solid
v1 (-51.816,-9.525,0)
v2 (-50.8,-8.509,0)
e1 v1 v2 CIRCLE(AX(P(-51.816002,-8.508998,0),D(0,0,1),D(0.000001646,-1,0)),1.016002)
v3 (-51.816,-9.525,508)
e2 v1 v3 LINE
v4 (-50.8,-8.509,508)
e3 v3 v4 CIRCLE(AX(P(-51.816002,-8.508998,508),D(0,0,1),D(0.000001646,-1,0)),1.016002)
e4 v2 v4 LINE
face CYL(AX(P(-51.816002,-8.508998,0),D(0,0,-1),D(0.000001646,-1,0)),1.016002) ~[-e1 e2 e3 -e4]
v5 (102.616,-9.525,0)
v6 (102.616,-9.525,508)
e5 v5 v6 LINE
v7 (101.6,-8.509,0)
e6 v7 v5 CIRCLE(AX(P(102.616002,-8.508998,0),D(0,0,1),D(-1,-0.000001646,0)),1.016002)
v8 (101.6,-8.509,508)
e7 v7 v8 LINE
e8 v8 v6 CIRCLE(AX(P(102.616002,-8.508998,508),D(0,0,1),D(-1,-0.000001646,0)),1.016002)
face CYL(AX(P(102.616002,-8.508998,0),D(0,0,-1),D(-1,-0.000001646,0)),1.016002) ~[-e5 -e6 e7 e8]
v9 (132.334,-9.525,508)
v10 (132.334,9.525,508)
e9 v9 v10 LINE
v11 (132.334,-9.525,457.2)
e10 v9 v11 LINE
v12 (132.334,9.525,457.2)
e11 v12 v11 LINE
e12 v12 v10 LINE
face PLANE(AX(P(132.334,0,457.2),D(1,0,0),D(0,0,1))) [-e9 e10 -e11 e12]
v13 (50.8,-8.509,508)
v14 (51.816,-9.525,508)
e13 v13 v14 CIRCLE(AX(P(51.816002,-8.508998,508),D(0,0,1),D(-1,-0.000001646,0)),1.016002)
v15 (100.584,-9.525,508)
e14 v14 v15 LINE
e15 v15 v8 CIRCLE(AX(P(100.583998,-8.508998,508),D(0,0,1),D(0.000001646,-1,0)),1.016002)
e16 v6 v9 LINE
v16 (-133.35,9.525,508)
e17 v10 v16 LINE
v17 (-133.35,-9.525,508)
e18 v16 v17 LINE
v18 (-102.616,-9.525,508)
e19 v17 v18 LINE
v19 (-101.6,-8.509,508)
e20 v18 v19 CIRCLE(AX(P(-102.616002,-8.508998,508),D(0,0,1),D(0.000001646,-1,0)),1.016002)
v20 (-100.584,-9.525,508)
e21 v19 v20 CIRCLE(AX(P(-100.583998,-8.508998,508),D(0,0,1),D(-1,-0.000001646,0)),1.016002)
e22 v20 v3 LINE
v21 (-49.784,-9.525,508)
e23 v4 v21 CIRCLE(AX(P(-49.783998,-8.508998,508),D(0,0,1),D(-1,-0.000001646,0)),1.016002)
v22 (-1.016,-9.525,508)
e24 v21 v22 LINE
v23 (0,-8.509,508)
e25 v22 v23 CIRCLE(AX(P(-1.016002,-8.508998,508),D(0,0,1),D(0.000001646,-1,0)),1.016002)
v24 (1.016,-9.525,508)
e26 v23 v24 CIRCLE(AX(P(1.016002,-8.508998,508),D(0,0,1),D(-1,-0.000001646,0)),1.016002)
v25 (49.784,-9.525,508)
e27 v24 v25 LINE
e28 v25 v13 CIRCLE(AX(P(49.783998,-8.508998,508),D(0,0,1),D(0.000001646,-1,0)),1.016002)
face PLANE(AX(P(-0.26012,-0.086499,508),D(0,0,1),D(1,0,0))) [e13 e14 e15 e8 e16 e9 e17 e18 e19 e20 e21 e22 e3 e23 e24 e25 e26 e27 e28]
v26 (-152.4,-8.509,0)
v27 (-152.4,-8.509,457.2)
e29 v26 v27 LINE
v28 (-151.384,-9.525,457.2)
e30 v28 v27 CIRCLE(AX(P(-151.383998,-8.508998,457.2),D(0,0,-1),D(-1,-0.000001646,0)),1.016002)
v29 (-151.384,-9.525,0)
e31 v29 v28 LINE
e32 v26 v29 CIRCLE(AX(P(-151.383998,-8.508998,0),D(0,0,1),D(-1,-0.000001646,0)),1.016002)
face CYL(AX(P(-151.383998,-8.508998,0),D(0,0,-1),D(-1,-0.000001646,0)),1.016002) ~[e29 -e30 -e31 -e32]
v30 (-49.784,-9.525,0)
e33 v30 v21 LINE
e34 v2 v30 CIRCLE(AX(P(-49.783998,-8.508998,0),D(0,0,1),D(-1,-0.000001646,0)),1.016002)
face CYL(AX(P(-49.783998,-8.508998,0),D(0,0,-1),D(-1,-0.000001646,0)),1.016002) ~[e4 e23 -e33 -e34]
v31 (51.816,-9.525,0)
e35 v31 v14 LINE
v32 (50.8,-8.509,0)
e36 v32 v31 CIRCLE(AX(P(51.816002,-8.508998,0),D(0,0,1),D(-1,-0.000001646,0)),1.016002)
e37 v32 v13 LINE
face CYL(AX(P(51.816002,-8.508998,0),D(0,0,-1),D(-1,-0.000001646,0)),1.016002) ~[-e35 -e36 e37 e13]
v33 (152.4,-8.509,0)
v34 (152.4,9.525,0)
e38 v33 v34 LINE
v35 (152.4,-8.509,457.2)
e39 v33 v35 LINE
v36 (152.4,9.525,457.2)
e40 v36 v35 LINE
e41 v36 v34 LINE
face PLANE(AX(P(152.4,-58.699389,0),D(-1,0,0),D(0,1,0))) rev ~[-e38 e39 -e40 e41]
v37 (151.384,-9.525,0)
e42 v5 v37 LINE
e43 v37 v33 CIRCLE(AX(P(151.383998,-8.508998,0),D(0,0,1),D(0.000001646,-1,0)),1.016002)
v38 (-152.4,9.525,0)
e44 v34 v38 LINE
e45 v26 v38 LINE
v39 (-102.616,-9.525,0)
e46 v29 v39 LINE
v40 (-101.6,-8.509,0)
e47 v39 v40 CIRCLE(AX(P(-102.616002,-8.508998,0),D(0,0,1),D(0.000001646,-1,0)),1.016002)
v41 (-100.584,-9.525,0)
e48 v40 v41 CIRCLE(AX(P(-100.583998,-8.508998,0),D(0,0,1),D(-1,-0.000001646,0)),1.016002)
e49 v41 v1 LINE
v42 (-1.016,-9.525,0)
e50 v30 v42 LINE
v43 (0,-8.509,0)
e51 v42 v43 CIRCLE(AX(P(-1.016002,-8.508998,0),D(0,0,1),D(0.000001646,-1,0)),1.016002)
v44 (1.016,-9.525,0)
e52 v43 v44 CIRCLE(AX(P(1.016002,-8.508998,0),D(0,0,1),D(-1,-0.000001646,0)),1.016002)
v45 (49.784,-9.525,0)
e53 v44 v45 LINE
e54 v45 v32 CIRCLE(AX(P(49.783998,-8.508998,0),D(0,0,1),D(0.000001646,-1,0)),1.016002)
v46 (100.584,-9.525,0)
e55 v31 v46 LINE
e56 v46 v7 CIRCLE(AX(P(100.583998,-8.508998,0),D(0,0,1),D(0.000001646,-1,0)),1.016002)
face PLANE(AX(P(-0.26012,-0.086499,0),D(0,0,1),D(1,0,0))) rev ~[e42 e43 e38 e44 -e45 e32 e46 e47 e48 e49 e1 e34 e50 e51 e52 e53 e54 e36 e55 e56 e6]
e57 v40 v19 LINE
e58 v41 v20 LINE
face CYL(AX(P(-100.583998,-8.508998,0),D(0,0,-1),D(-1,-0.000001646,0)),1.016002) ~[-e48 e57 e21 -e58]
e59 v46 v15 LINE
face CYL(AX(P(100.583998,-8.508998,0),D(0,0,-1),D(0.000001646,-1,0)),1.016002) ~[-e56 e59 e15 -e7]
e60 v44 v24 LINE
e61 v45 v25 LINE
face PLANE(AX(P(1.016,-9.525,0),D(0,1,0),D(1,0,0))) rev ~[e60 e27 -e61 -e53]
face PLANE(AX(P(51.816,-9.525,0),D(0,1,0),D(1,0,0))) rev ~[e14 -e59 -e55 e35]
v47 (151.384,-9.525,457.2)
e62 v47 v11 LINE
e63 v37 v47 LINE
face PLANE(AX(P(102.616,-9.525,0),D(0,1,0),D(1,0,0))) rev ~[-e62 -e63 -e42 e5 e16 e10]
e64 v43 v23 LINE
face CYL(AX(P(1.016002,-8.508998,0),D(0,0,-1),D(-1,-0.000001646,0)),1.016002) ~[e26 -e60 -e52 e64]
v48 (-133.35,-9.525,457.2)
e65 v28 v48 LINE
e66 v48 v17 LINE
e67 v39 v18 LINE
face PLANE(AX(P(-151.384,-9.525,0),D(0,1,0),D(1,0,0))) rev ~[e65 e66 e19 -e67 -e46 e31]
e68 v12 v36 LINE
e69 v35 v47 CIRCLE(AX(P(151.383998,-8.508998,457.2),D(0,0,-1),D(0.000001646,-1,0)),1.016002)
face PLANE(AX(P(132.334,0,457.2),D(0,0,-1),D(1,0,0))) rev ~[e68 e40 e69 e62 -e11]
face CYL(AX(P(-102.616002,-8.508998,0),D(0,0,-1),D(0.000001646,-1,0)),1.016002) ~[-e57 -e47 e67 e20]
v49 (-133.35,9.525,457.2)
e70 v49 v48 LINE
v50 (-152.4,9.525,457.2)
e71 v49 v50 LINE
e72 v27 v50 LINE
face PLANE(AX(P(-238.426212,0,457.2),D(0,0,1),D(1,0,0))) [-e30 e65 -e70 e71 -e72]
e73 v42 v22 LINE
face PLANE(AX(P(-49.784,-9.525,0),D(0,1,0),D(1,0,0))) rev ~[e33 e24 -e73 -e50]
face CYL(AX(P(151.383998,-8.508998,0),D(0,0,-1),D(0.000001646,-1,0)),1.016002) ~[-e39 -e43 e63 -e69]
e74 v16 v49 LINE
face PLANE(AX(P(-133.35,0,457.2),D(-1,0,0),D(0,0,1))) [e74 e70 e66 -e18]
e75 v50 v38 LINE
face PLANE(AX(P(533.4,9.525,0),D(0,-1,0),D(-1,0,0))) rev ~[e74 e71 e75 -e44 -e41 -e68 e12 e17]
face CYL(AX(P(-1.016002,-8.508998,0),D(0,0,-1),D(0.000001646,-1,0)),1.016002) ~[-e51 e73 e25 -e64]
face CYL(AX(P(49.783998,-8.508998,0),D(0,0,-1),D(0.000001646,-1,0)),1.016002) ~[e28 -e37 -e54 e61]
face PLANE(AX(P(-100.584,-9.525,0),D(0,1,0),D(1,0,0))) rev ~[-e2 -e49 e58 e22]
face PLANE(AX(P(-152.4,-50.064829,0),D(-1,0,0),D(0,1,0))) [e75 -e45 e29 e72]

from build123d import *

# Parameters (mm, degrees)
F1_DEPTH = 508
F2_W     = 381
F2_H     = 81.164872
F2_H_2   = 93.253256
F3_DEPTH = 508
F4_W     = 105.076212
F4_H     = 105.076222
F4_W_2   = 127
F4_H_2   = 101.6
F5_DEPTH = 12.7


with BuildPart() as f1:
    # F0 (on Top) → F1 (new body)
    with BuildSketch(Plane.XY):
        with BuildLine():
            Line((458.216, -9.525), (533.4, -9.525))
            Line((533.4, -9.525), (533.4, 9.525))
            Line((533.4, 9.525), (-533.4, 9.525))
            Line((-533.4, 9.525), (-533.4, -9.525))
            Line((-533.4, -9.525), (-509.016, -9.525))
            ThreePointArc((-509.016, -9.525), (-508.29758, -9.22742), (-508, -8.509))
            ThreePointArc((-508, -8.509), (-507.70242, -9.22742), (-506.984, -9.525))
            Line((-506.984, -9.525), (-458.216, -9.525))
            ThreePointArc((-458.216, -9.525), (-457.49758, -9.22742), (-457.2, -8.509))
            ThreePointArc((-457.2, -8.509), (-456.90242, -9.22742), (-456.184, -9.525))
            Line((-456.184, -9.525), (-407.416, -9.525))
            ThreePointArc((-407.416, -9.525), (-406.69758, -9.22742), (-406.4, -8.509))
            ThreePointArc((-406.4, -8.509), (-406.10242, -9.22742), (-405.384, -9.525))
            Line((-405.384, -9.525), (-356.616, -9.525))
            ThreePointArc((-356.616, -9.525), (-355.89758, -9.22742), (-355.6, -8.509))
            ThreePointArc((-355.6, -8.509), (-355.30242, -9.22742), (-354.584, -9.525))
            Line((-354.584, -9.525), (-305.816, -9.525))
            ThreePointArc((-305.816, -9.525), (-305.09758, -9.22742), (-304.8, -8.509))
            ThreePointArc((-304.8, -8.509), (-304.50242, -9.22742), (-303.784, -9.525))
            Line((-303.784, -9.525), (-255.016, -9.525))
            ThreePointArc((-255.016, -9.525), (-254.29758, -9.22742), (-254, -8.509))
            ThreePointArc((-254, -8.509), (-253.70242, -9.22742), (-252.984, -9.525))
            Line((-252.984, -9.525), (-204.216, -9.525))
            ThreePointArc((-204.216, -9.525), (-203.49758, -9.22742), (-203.2, -8.509))
            ThreePointArc((-203.2, -8.509), (-202.90242, -9.22742), (-202.184, -9.525))
            Line((-202.184, -9.525), (-153.416, -9.525))
            ThreePointArc((-153.416, -9.525), (-152.69758, -9.22742), (-152.4, -8.509))
            ThreePointArc((-152.4, -8.509), (-152.10242, -9.22742), (-151.384, -9.525))
            Line((-151.384, -9.525), (-102.616, -9.525))
            ThreePointArc((-102.616, -9.525), (-101.89758, -9.22742), (-101.6, -8.509))
            ThreePointArc((-101.6, -8.509), (-101.30242, -9.22742), (-100.584, -9.525))
            Line((-100.584, -9.525), (-51.816, -9.525))
            ThreePointArc((-51.816, -9.525), (-51.09758, -9.22742), (-50.8, -8.509))
            ThreePointArc((-50.8, -8.509), (-50.50242, -9.22742), (-49.784, -9.525))
            Line((-49.784, -9.525), (-1.016, -9.525))
            ThreePointArc((-1.016, -9.525), (-0.29758, -9.22742), (0, -8.509))
            ThreePointArc((0, -8.509), (0.29758, -9.22742), (1.016, -9.525))
            Line((1.016, -9.525), (49.784, -9.525))
            ThreePointArc((49.784, -9.525), (50.50242, -9.22742), (50.8, -8.509))
            ThreePointArc((50.8, -8.509), (51.09758, -9.22742), (51.816, -9.525))
            Line((51.816, -9.525), (100.584, -9.525))
            ThreePointArc((100.584, -9.525), (101.30242, -9.22742), (101.6, -8.509))
            ThreePointArc((101.6, -8.509), (101.89758, -9.22742), (102.616, -9.525))
            Line((102.616, -9.525), (151.384, -9.525))
            ThreePointArc((151.384, -9.525), (152.10242, -9.22742), (152.4, -8.509))
            ThreePointArc((152.4, -8.509), (152.69758, -9.22742), (153.416, -9.525))
            Line((153.416, -9.525), (202.184, -9.525))
            ThreePointArc((202.184, -9.525), (202.90242, -9.22742), (203.2, -8.509))
            ThreePointArc((203.2, -8.509), (203.49758, -9.22742), (204.216, -9.525))
            Line((204.216, -9.525), (252.984, -9.525))
            ThreePointArc((252.984, -9.525), (253.70242, -9.22742), (254, -8.509))
            ThreePointArc((254, -8.509), (254.29758, -9.22742), (255.016, -9.525))
            Line((255.016, -9.525), (303.784, -9.525))
            ThreePointArc((303.784, -9.525), (304.50242, -9.22742), (304.8, -8.509))
            ThreePointArc((304.8, -8.509), (305.09758, -9.22742), (305.816, -9.525))
            Line((305.816, -9.525), (354.584, -9.525))
            ThreePointArc((354.584, -9.525), (355.30242, -9.22742), (355.6, -8.509))
            ThreePointArc((355.6, -8.509), (355.89758, -9.22742), (356.616, -9.525))
            Line((356.616, -9.525), (405.384, -9.525))
            ThreePointArc((405.384, -9.525), (406.10242, -9.22742), (406.4, -8.509))
            ThreePointArc((406.4, -8.509), (406.69758, -9.22742), (407.416, -9.525))
            Line((407.416, -9.525), (456.184, -9.525))
            ThreePointArc((456.184, -9.525), (456.90242, -9.22742), (457.2, -8.509))
            ThreePointArc((457.2, -8.509), (457.49758, -9.22742), (458.216, -9.525))
        make_face()
        with BuildLine():
            ThreePointArc((-508, -8.509), (-508.29758, -9.22742), (-509.016, -9.525))
            Line((-509.016, -9.525), (-506.984, -9.525))
            ThreePointArc((-506.984, -9.525), (-507.70242, -9.22742), (-508, -8.509))
        make_face()
    extrude(amount=F1_DEPTH)

    # F2 (on Top) → F3 (cut)
    with BuildSketch(Plane.XY):
        with Locations((-342.9, -9.482393)):
            Rectangle(F2_W, F2_H)
        with Locations((342.9, -12.072761)):
            Rectangle(F2_W, F2_H_2)
    extrude(amount=F3_DEPTH, mode=Mode.SUBTRACT)

    # F4 (on Front) → F5 (cut, symmetric)
    with BuildSketch(Plane.XZ):
        with Locations((-185.888106, 509.738111)):
            Rectangle(F4_W, F4_H)
        with Locations((195.834, 508)):
            Rectangle(F4_W_2, F4_H_2)
    extrude(amount=F5_DEPTH, both=True, mode=Mode.SUBTRACT)


solid = f1.part
